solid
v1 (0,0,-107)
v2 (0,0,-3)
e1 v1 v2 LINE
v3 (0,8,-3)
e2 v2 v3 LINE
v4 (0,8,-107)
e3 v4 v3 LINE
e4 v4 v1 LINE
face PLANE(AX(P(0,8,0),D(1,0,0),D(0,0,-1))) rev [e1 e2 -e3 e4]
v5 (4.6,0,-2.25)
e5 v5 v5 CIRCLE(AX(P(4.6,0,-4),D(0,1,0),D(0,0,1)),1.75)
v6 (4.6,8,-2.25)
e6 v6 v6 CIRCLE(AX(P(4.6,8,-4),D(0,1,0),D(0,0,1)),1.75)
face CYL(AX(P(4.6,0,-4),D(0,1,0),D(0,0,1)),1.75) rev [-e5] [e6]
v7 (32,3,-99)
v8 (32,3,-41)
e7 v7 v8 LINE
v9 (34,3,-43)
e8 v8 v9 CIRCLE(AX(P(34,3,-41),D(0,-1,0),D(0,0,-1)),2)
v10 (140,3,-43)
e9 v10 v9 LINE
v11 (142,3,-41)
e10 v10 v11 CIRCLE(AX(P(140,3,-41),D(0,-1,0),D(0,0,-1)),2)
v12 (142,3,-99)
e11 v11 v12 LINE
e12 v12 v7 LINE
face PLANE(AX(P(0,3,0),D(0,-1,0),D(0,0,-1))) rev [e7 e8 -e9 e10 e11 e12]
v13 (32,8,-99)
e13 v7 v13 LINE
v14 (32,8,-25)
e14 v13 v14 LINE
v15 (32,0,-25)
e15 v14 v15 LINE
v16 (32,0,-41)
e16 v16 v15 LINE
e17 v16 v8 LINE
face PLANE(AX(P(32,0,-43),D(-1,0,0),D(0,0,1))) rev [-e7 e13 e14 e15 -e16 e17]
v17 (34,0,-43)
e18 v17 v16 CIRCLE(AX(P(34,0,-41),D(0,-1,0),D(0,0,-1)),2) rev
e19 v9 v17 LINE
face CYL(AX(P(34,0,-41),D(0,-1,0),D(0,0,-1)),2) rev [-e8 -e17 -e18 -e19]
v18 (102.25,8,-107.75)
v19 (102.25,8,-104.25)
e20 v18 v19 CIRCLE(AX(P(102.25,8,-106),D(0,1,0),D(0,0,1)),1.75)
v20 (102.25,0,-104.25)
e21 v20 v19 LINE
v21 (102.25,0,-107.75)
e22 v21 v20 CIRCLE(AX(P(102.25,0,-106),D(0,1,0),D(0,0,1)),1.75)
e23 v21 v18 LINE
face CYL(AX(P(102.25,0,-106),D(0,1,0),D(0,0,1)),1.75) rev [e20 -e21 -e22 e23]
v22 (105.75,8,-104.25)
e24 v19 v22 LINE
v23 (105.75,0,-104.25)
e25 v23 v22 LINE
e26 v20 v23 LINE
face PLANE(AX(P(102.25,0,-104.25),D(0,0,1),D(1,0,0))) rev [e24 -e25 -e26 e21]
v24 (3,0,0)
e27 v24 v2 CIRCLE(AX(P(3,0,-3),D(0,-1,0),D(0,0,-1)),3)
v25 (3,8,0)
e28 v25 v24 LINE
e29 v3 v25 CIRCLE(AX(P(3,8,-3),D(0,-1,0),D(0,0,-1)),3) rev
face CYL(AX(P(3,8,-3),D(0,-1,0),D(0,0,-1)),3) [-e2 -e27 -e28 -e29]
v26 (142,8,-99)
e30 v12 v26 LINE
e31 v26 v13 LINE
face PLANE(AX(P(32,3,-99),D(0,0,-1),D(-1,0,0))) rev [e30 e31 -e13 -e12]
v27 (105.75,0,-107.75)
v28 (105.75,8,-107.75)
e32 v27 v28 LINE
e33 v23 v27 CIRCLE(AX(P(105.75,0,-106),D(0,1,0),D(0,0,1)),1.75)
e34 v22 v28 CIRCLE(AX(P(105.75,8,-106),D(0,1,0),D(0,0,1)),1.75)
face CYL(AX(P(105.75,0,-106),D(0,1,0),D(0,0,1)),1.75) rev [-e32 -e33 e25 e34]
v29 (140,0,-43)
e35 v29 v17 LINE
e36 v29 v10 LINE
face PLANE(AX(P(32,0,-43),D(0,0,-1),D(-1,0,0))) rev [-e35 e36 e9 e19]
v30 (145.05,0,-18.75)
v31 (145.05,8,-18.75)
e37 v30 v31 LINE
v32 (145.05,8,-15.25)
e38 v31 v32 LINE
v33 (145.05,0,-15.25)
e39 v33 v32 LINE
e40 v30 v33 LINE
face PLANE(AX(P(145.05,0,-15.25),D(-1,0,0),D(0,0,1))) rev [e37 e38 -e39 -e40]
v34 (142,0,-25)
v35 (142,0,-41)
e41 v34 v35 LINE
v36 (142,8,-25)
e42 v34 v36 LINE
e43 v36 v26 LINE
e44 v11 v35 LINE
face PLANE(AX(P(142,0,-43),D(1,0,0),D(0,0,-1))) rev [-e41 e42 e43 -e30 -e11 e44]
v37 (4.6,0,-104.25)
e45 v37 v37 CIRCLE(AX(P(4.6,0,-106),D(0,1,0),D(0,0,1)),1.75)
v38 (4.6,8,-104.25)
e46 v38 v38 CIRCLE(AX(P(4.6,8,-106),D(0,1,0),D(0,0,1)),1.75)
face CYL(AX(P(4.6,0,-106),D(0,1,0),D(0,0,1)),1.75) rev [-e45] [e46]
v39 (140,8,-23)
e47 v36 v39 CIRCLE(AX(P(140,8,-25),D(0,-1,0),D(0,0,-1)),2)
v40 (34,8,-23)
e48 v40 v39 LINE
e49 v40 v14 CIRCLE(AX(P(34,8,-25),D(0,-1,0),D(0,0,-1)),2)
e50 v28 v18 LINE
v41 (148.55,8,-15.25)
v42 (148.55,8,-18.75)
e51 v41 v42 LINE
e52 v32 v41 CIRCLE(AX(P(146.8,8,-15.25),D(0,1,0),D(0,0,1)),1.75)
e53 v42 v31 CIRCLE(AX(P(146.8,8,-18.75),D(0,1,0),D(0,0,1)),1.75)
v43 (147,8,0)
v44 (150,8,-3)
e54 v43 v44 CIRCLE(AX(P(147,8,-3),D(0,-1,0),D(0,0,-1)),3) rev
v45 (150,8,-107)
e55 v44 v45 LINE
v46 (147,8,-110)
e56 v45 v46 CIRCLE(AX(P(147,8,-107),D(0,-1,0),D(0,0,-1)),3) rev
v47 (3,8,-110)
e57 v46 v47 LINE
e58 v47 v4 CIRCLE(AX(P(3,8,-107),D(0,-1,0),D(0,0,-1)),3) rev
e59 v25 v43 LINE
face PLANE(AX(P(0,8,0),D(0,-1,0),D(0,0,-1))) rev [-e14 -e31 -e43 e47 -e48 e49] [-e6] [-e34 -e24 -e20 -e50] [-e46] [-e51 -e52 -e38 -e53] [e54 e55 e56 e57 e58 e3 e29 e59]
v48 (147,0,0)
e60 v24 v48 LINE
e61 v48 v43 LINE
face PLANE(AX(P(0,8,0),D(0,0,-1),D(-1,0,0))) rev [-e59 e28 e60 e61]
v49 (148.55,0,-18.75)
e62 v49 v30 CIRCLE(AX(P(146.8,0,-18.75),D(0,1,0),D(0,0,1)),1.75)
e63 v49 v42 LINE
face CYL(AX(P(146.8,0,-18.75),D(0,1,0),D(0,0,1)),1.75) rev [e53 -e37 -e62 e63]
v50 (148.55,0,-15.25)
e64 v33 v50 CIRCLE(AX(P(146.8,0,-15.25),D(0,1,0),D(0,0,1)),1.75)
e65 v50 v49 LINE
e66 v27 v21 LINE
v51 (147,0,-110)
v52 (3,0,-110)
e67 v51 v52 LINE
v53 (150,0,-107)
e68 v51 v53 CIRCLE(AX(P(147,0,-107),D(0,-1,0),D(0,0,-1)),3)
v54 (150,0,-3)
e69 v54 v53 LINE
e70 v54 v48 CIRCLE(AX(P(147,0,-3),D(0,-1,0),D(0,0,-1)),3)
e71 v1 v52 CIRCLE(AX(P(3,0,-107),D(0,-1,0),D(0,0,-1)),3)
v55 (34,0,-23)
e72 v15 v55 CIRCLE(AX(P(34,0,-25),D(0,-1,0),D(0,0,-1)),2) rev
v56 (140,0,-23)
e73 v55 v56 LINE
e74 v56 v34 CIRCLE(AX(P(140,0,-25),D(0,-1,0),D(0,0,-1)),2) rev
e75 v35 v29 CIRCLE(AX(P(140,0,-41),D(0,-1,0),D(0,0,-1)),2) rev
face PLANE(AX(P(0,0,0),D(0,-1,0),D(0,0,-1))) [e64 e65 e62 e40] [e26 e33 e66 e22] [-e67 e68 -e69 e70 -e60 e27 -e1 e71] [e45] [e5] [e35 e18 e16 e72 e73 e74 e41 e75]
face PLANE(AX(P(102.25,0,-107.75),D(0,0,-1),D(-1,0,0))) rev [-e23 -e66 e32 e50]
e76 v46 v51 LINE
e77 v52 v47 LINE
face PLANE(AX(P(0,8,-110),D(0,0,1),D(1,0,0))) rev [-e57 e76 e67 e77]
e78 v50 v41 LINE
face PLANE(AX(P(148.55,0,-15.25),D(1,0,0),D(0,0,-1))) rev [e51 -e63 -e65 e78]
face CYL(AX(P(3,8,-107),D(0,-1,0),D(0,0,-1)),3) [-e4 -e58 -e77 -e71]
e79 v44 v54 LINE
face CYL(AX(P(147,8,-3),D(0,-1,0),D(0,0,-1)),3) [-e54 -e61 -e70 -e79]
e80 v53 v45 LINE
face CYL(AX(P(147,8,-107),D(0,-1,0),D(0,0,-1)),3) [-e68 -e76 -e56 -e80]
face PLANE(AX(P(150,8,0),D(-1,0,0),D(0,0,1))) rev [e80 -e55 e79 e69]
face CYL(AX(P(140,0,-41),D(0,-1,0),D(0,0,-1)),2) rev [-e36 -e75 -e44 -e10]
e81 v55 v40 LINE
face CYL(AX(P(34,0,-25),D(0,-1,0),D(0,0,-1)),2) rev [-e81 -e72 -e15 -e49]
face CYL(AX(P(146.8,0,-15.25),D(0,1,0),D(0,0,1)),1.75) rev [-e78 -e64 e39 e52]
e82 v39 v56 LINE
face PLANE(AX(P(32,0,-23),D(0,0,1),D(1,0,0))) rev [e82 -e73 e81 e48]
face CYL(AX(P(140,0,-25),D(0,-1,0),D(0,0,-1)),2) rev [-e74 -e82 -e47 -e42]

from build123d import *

# Parameters (mm, degrees)
SKETCH_1_W          = 150
SKETCH_1_H          = 110
EXTRUDE_1_DEPTH     = 8
SKETCH_2_R          = 1.75
CUT_EXTRUDE_1_DEPTH = 187.182705964
CUT_EXTRUDE_2_DEPTH = 187.182705964
SKETCH_4_W          = 110
SKETCH_4_H          = 20
CUT_EXTRUDE_3_DEPTH = 187.182705964
SKETCH_5_W          = 110
SKETCH_5_H          = 76
CUT_EXTRUDE_4_DEPTH = 5
FILLET_1_R          = 2
FILLET_2_R          = 3


with BuildPart() as part:
    # 草图1 → 凸台-拉伸1 (new body)
    with BuildSketch(Plane(origin=(0, 0, 0), x_dir=(1, 0, 0), z_dir=(0, 1, 0))):
        with Locations((75, 55)):
            Rectangle(SKETCH_1_W, SKETCH_1_H)
    extrude(amount=EXTRUDE_1_DEPTH)

    # 草图2 → 切除-拉伸1 (cut, through all)
    with BuildSketch(Plane(origin=(0, 8, 0), x_dir=(1, 0, 0), z_dir=(0, 1, 0))):
        with Locations(Location((4.6, 106, 0), (0, 0, 270))):
            Circle(SKETCH_2_R)
        with Locations(Location((4.6, 4, 0), (0, 0, 270))):
            Circle(SKETCH_2_R)
        with Locations(Location((104, 106, 0), (0, 0, 270))):
            Circle(SKETCH_2_R)
        with Locations(Location((146.8, 17, 0), (0, 0, 270))):
            Circle(SKETCH_2_R)
    extrude(amount=-CUT_EXTRUDE_1_DEPTH, mode=Mode.SUBTRACT)

    # 草图3 → 切除-拉伸2 (cut, through all)
    with BuildSketch(Plane(origin=(0, 8, 0), x_dir=(1, 0, 0), z_dir=(0, 1, 0))):
        with BuildLine():
            Line((102.25, 107.75), (105.75, 107.75))
            ThreePointArc((105.75, 107.75), (107.5, 106), (105.75, 104.25))
            Line((105.75, 104.25), (102.25, 104.25))
            ThreePointArc((102.25, 104.25), (100.5, 106), (102.25, 107.75))
        make_face()
        with BuildLine():
            Line((145.05, 15.25), (145.05, 18.75))
            ThreePointArc((145.05, 18.75), (146.8, 20.5), (148.55, 18.75))
            Line((148.55, 18.75), (148.55, 15.25))
            ThreePointArc((148.55, 15.25), (146.8, 13.5), (145.05, 15.25))
        make_face()
    extrude(amount=-CUT_EXTRUDE_2_DEPTH, mode=Mode.SUBTRACT)

    # 草图4 → 切除-拉伸3 (cut, through all)
    with BuildSketch(Plane(origin=(0, 8, 0), x_dir=(1, 0, 0), z_dir=(0, 1, 0))):
        with Locations((87, 33)):
            Rectangle(SKETCH_4_W, SKETCH_4_H)
    extrude(amount=-CUT_EXTRUDE_3_DEPTH, mode=Mode.SUBTRACT)

    # 草图5 → 切除-拉伸4 (cut)
    with BuildSketch(Plane(origin=(0, 8, 0), x_dir=(1, 0, 0), z_dir=(0, 1, 0))):
        with Locations((87, 61)):
            Rectangle(SKETCH_5_W, SKETCH_5_H)
    extrude(amount=-CUT_EXTRUDE_4_DEPTH, mode=Mode.SUBTRACT)

    # 圆角1
    fillet_1_edges = [part.edges().sort_by_distance(p)[0] for p in [
        (32, 4, -23),
        (32, 1.5, -43),
        (142, 1.5, -43),
        (142, 4, -23),
    ]]
    fillet(fillet_1_edges, radius=FILLET_1_R)

    # 圆角2
    fillet_2_edges = [part.edges().sort_by_distance(p)[0] for p in [
        (0, 4, -110),
        (150, 4, -110),
        (150, 4, 0),
        (0, 4, 0),
    ]]
    fillet(fillet_2_edges, radius=FILLET_2_R)


solid = part.part
